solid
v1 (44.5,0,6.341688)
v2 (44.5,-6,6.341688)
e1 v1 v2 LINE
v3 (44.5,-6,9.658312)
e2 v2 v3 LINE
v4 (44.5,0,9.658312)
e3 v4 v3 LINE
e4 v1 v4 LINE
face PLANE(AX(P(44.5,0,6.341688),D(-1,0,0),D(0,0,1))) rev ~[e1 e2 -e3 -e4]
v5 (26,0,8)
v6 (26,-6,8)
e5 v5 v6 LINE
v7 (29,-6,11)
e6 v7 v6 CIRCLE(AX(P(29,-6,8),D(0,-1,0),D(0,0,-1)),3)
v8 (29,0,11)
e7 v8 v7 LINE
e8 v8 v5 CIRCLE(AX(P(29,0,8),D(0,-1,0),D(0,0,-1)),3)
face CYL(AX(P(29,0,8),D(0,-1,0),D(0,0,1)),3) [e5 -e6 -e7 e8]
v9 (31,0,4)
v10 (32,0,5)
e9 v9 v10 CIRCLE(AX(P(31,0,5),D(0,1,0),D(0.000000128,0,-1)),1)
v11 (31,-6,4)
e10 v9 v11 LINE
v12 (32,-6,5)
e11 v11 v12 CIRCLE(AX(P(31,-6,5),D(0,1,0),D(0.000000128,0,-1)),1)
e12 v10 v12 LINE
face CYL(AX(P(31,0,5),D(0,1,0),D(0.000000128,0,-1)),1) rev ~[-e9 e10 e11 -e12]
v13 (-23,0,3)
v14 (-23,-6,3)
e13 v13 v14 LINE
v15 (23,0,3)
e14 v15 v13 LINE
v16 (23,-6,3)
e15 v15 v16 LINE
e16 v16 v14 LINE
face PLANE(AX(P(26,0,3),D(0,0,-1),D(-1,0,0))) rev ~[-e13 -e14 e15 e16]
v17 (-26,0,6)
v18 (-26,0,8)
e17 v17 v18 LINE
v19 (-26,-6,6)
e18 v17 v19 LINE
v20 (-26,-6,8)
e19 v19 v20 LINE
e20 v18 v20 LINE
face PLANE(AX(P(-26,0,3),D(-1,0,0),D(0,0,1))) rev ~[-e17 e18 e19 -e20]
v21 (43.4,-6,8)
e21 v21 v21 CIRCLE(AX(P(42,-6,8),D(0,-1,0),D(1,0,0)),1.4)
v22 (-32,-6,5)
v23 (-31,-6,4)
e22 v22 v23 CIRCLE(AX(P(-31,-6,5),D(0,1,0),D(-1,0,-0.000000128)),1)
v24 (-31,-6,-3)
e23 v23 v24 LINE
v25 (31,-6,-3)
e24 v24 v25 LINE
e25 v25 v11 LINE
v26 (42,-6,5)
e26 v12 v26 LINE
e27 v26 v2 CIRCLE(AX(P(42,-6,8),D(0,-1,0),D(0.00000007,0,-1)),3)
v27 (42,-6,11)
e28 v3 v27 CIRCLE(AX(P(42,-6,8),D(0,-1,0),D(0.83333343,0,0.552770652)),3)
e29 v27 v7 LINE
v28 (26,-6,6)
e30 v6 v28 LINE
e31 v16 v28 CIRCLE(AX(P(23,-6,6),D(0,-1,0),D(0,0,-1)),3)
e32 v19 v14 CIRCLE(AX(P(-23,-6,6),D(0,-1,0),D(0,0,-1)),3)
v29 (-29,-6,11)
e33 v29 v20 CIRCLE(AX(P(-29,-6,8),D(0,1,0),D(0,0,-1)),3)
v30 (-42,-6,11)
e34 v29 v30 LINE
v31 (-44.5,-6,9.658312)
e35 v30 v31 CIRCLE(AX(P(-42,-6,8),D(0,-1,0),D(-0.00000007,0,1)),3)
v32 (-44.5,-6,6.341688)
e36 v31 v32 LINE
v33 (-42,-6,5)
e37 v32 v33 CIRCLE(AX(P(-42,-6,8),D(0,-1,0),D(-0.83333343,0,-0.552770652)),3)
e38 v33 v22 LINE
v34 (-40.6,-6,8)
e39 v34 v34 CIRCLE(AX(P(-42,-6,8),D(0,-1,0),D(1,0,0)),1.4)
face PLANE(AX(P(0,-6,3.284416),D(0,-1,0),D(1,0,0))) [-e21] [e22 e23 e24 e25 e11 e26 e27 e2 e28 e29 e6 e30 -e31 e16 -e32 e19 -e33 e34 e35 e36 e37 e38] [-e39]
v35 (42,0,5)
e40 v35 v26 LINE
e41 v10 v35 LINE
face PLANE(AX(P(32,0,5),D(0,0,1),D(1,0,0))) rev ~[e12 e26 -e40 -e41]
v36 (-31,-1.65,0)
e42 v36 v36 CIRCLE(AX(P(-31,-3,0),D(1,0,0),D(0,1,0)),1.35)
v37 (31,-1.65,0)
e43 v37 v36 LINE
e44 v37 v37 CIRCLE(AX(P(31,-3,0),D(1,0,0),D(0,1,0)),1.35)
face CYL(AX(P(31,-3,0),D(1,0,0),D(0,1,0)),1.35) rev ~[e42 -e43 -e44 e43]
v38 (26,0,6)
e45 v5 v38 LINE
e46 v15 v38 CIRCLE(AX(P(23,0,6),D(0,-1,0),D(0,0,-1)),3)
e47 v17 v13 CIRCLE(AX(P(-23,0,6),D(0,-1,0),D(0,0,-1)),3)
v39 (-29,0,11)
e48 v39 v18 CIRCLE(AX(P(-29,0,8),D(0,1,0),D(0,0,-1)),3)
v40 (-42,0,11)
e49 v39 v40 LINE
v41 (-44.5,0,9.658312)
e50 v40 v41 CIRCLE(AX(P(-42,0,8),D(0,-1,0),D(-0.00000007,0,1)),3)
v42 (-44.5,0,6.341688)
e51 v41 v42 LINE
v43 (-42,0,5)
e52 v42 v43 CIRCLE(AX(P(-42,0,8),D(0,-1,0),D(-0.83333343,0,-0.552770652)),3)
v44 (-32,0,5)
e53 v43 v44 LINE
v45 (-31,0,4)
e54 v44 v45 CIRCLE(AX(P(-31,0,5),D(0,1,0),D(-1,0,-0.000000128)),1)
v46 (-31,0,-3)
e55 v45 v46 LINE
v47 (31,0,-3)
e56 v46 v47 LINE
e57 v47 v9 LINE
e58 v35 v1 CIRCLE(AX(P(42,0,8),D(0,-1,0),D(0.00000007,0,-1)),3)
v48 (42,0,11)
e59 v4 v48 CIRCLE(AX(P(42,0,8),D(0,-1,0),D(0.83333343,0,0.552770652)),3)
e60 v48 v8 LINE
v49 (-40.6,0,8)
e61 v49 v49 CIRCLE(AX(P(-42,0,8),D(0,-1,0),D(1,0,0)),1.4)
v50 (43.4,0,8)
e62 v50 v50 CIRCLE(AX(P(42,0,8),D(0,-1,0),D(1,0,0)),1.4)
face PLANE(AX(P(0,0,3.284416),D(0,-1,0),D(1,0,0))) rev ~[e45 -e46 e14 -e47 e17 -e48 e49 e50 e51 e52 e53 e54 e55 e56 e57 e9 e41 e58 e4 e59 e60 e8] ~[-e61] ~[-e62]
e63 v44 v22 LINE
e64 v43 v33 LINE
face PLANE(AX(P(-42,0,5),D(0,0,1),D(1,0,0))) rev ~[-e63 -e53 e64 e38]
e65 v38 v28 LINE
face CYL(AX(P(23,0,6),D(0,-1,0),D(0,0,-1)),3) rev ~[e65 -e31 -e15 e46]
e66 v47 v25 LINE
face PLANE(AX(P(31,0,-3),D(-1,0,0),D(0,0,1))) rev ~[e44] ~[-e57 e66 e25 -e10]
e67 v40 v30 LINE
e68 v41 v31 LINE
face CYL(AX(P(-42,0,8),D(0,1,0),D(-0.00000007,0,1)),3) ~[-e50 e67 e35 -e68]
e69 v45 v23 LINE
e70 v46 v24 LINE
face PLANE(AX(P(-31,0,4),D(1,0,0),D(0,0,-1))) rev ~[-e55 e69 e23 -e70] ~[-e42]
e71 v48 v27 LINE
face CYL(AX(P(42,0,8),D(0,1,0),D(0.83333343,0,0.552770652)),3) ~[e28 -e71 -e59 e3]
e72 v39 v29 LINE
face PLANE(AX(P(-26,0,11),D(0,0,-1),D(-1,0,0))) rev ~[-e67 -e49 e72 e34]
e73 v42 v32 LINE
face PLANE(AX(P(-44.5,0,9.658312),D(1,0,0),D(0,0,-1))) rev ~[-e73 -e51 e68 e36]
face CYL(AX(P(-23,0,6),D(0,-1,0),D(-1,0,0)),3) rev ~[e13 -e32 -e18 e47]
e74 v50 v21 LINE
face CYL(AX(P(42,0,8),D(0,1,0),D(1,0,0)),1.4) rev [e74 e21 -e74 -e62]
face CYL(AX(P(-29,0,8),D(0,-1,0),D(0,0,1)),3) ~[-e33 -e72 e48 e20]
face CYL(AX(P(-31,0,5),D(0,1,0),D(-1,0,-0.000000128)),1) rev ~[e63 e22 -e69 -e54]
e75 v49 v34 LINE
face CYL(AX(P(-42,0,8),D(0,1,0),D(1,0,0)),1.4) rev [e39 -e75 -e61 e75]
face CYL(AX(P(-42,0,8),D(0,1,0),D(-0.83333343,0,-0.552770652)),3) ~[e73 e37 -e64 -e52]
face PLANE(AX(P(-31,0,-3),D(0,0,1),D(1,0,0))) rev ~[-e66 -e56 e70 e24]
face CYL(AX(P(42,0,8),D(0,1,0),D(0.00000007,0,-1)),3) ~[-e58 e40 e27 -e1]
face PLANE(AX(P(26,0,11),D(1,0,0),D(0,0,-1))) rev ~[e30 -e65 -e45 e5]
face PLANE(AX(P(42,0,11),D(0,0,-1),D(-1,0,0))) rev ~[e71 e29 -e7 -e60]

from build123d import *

# Parameters (mm, degrees)
F0_R     = 1.4
F1_DEPTH = 6
F2_R     = 3
F3_R     = 1.35
F4_DEPTH = 75.501


with BuildPart() as f1:
    # F0 (on Front) → F1 (new body)
    with BuildSketch(Plane.XZ):
        with BuildLine():
            Line((-31, 4), (-31, -3))
            Line((-31, -3), (31, -3))
            Line((31, -3), (31, 4))
            ThreePointArc((31, 4), (30.292893, 5.707107), (32, 5))
            Line((32, 5), (42, 5))
            ThreePointArc((42, 5), (43.418637, 5.356618), (44.5, 6.341688))
            Line((44.5, 6.341688), (44.5, 9.658312))
            ThreePointArc((44.5, 9.658312), (43.418637, 10.643382), (42, 11))
            Line((42, 11), (26, 11))
            Line((26, 11), (26, 5))
            Line((26, 5), (26, 3))
            Line((26, 3), (-26, 3))
            Line((-26, 3), (-26, 5))
            Line((-26, 5), (-26, 11))
            Line((-26, 11), (-42, 11))
            ThreePointArc((-42, 11), (-43.418637, 10.643382), (-44.5, 9.658312))
            Line((-44.5, 9.658312), (-44.5, 6.341688))
            ThreePointArc((-44.5, 6.341688), (-43.418637, 5.356618), (-42, 5))
            Line((-42, 5), (-32, 5))
            ThreePointArc((-32, 5), (-30.292893, 5.707107), (-31, 4))
        make_face()
        with Locations((-42, 8)):
            Circle(F0_R, mode=Mode.SUBTRACT)
        with Locations((42, 8)):
            Circle(F0_R, mode=Mode.SUBTRACT)
    extrude(amount=F1_DEPTH)

    # F2
    f2_edges = [f1.edges().sort_by_distance(p)[0] for p in [
        (-26, -3, 11),
        (26, -3, 11),
        (-26, -3, 3),
        (26, -3, 3),
    ]]
    fillet(f2_edges, radius=F2_R)

    # F3 (on face) → F4 (cut, through all)
    with BuildSketch(Plane.YZ.offset(31)):
        with Locations((-3, 0)):
            Circle(F3_R)
    extrude(amount=-F4_DEPTH, mode=Mode.SUBTRACT)


solid = f1.part
